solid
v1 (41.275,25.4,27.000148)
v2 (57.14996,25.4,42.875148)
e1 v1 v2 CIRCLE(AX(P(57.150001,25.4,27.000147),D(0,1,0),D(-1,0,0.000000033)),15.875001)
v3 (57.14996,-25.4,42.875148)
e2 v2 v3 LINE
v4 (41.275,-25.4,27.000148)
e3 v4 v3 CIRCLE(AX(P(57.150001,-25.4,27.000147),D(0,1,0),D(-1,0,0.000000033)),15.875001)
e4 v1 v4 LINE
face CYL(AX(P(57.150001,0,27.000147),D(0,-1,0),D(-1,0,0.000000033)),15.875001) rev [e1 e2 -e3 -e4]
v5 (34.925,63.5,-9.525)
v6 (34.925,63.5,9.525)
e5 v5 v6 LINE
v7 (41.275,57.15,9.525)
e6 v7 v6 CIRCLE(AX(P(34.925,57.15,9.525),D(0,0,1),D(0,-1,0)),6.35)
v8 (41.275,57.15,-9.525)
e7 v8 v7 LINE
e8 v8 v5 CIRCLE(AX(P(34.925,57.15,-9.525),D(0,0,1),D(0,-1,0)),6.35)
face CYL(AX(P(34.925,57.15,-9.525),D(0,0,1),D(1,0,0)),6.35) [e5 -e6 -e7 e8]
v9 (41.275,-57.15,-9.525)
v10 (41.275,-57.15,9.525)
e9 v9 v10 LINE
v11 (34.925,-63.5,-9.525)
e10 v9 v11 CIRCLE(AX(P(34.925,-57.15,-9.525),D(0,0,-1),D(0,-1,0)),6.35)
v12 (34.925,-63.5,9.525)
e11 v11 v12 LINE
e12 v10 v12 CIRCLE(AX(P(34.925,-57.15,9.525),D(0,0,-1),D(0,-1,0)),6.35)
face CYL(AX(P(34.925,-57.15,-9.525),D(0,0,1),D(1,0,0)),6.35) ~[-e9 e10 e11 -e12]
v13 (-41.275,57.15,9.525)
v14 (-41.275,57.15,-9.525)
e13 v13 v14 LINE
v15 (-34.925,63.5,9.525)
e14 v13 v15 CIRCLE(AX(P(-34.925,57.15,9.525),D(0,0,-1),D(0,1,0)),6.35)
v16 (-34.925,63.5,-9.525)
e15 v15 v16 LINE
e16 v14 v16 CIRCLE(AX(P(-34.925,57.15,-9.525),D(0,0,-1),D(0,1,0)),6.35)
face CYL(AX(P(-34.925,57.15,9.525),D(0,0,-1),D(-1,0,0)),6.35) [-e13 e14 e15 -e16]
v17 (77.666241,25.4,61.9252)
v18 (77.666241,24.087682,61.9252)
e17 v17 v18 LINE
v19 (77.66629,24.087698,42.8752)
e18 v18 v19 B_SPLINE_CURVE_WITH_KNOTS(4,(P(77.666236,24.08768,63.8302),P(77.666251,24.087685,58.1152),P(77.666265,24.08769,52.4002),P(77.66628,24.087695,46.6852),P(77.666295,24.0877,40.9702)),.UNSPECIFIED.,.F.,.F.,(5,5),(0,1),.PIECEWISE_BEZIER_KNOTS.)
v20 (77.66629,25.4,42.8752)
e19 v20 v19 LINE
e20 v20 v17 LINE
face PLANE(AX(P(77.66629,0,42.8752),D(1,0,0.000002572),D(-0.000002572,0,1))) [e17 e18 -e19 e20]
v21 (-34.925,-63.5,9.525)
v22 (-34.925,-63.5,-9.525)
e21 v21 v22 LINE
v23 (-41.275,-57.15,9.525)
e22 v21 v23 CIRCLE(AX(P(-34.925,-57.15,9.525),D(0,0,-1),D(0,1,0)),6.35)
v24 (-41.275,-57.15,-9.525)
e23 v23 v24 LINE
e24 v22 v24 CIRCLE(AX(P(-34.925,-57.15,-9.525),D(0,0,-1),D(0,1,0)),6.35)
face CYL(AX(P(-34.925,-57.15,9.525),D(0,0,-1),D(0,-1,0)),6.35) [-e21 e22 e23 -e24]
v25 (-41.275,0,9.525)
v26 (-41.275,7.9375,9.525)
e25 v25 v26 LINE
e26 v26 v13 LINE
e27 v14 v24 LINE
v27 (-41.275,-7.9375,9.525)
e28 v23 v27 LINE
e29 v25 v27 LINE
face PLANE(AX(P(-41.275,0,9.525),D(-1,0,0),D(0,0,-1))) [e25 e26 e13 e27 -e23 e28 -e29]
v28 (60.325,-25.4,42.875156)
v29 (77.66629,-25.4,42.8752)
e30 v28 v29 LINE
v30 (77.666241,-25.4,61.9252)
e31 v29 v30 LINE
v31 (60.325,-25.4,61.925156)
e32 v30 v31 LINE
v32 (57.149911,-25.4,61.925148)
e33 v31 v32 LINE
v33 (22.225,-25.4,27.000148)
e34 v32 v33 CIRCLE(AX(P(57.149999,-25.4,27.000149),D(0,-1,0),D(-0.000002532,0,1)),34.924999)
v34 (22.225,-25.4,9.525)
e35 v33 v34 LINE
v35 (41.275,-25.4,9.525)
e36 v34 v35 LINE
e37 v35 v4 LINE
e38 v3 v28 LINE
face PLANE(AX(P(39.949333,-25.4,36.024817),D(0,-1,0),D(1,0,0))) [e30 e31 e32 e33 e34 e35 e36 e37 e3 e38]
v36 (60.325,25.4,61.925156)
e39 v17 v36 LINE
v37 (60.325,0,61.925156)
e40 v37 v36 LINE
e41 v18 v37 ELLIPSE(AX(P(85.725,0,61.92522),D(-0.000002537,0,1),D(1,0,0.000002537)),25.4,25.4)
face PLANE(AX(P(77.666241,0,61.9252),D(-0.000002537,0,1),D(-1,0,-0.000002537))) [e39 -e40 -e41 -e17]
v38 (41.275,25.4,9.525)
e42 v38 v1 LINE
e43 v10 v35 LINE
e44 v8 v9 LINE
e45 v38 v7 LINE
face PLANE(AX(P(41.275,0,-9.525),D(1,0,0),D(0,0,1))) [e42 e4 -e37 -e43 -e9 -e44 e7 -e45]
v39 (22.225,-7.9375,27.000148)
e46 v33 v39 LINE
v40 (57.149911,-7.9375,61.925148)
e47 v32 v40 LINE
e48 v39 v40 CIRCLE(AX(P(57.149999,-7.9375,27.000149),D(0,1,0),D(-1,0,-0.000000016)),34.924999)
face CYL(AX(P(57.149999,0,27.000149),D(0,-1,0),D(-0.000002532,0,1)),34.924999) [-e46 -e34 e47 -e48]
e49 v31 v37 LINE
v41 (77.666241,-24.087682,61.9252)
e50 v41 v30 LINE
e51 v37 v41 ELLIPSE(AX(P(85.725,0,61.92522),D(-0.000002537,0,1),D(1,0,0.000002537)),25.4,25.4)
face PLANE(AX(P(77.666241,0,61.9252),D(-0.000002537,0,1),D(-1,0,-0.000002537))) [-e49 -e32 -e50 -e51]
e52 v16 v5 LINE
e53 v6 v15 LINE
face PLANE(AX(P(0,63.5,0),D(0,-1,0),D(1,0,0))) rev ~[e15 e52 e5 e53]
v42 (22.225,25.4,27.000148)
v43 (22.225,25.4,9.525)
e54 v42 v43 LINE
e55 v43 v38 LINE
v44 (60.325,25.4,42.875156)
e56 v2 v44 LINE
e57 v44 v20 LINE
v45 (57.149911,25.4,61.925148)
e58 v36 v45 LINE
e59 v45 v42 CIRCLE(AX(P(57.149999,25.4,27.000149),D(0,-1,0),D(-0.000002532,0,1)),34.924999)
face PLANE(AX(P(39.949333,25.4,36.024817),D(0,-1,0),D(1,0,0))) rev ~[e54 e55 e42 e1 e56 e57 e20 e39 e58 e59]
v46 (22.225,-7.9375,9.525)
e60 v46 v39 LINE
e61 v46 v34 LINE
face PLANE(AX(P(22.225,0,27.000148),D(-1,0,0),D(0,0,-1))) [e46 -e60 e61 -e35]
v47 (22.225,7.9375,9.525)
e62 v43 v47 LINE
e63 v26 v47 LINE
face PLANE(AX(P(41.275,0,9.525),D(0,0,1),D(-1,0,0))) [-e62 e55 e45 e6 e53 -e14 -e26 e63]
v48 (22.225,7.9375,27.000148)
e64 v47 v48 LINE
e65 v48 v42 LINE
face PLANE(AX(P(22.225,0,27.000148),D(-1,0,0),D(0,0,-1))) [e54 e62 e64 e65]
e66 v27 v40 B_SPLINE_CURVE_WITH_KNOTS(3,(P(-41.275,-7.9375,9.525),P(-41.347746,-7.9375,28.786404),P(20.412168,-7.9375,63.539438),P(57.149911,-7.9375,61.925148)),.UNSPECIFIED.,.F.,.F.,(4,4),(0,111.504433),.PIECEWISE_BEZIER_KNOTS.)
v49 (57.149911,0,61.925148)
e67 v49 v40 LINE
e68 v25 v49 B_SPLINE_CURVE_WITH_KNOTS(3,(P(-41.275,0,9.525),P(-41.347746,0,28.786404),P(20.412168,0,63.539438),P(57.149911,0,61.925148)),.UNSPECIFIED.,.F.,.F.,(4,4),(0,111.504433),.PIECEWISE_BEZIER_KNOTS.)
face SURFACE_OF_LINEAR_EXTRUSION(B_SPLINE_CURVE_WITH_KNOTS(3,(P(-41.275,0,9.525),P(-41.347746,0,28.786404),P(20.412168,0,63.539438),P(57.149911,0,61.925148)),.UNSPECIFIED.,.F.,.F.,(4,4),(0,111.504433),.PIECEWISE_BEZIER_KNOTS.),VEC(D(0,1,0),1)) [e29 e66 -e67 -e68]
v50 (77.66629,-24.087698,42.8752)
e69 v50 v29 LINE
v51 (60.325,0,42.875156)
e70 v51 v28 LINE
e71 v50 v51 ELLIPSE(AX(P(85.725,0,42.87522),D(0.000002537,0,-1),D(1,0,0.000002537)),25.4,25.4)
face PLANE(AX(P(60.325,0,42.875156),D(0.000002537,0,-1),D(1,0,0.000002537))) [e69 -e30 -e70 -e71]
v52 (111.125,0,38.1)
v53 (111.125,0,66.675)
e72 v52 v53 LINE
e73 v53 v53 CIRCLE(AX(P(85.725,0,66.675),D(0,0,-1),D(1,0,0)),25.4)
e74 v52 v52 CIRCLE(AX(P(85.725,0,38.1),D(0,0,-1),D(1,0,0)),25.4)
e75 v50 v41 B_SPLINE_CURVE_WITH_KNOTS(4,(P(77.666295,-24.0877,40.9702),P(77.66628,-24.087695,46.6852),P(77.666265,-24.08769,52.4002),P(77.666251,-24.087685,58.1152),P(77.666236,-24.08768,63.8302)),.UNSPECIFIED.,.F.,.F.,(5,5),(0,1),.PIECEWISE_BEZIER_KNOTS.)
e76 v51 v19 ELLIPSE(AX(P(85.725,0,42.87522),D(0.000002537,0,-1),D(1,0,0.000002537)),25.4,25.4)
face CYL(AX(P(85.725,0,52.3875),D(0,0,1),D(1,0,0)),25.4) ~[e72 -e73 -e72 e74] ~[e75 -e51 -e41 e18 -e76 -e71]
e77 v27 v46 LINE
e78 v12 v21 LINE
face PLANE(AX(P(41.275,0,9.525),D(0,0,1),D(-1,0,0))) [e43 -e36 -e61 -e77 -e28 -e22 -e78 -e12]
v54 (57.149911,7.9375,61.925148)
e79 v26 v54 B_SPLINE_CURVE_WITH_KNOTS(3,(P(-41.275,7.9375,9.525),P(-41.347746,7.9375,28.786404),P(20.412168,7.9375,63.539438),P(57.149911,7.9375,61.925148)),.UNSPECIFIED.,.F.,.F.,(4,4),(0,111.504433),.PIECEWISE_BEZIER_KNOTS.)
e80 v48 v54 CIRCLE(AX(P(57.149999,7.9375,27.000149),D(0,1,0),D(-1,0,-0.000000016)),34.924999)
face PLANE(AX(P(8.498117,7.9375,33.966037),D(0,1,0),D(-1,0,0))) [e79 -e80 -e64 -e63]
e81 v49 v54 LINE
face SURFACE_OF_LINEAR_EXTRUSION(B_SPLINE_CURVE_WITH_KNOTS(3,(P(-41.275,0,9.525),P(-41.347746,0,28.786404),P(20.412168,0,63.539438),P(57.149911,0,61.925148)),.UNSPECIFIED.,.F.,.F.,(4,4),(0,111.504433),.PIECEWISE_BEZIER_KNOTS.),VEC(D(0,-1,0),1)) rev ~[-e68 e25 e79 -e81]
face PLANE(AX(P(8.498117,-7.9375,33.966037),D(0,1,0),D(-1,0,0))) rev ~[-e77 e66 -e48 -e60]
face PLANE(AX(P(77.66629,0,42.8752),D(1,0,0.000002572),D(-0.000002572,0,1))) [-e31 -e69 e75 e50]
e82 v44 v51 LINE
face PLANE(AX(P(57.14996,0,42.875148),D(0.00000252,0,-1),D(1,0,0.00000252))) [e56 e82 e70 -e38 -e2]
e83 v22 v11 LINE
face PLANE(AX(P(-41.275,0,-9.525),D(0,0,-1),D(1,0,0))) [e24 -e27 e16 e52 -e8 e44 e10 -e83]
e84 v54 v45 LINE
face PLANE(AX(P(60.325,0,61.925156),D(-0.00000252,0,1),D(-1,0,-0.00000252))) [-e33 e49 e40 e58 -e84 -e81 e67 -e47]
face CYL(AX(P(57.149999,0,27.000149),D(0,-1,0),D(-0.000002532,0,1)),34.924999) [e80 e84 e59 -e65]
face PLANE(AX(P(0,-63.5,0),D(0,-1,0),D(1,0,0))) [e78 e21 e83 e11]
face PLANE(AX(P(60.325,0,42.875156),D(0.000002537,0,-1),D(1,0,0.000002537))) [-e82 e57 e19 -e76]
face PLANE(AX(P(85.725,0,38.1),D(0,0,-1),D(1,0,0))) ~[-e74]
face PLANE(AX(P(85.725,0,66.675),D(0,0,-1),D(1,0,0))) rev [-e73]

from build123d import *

# Parameters (mm, degrees)
F1_DEPTH = 63.5
F2_DEPTH = 25.4
F3_DEPTH = 7.9375
F0_W     = 25.4
F0_H     = 28.575
F5_R     = 6.35


with BuildPart() as f1:
    # F0 (on Front) → F1 (new body, symmetric)
    with BuildSketch(Plane.XZ):
        Polygon((22.225, 9.525), (-41.275, 9.525), (-41.275, -9.525), (41.275, -9.525), (41.275, 9.525), align=None)
    extrude(amount=F1_DEPTH, both=True)

    # F0 (on Front) → F2 (join, symmetric)
    with BuildSketch(Plane.XZ):
        with BuildLine():
            Line((22.225, 27.000148), (22.225, 9.525))
            Line((22.225, 9.525), (41.275, 9.525))
            Line((41.275, 9.525), (41.275, 27.000148))
            ThreePointArc((41.275, 27.000148), (45.924666, 38.225454), (57.14996, 42.875148))
            Line((57.14996, 42.875148), (60.325, 42.875156))
            Line((60.325, 42.875156), (60.325, 61.925156))
            Line((60.325, 61.925156), (57.149911, 61.925148))
            ThreePointArc((57.149911, 61.925148), (32.454264, 51.695821), (22.225, 27.000148))
        make_face()
        Polygon((77.666241, 61.9252), (60.325, 61.925156), (60.325, 42.875156), (77.66629, 42.8752), align=None)
    extrude(amount=F2_DEPTH, both=True)

    # F0 (on Front) → F3 (join, symmetric)
    with BuildSketch(Plane.XZ):
        with BuildLine():
            add(Edge.make_bspline(
                [(-41.275, 9.525), (-41.347746, 28.786404), (20.412168, 63.539438), (57.149911, 61.925148)],
                knots=[0, 0, 0, 0, 111.504433, 111.504433, 111.504433, 111.504433], degree=3))
            Line((-41.275, 9.525), (22.225, 9.525))
            Line((22.225, 9.525), (22.225, 27.000148))
            ThreePointArc((22.225, 27.000148), (32.454264, 51.695821), (57.149911, 61.925148))
        make_face()
    extrude(amount=F3_DEPTH, both=True)

    # F0 (on Front) → F4 (revolve)
    with BuildSketch(Plane.XZ):
        with Locations((98.425, 52.3875)):
            Rectangle(F0_W, F0_H)
    revolve(axis=Axis((85.725, 0, 52.3875), (0, 0, -1)))

    # F5
    f5_edges = [f1.edges().sort_by_distance(p)[0] for p in [
        (41.275, -63.5, 0),
        (-41.275, -63.5, 0),
        (41.275, 63.5, 0),
        (-41.275, 63.5, 0),
    ]]
    fillet(f5_edges, radius=F5_R)


solid = f1.part
